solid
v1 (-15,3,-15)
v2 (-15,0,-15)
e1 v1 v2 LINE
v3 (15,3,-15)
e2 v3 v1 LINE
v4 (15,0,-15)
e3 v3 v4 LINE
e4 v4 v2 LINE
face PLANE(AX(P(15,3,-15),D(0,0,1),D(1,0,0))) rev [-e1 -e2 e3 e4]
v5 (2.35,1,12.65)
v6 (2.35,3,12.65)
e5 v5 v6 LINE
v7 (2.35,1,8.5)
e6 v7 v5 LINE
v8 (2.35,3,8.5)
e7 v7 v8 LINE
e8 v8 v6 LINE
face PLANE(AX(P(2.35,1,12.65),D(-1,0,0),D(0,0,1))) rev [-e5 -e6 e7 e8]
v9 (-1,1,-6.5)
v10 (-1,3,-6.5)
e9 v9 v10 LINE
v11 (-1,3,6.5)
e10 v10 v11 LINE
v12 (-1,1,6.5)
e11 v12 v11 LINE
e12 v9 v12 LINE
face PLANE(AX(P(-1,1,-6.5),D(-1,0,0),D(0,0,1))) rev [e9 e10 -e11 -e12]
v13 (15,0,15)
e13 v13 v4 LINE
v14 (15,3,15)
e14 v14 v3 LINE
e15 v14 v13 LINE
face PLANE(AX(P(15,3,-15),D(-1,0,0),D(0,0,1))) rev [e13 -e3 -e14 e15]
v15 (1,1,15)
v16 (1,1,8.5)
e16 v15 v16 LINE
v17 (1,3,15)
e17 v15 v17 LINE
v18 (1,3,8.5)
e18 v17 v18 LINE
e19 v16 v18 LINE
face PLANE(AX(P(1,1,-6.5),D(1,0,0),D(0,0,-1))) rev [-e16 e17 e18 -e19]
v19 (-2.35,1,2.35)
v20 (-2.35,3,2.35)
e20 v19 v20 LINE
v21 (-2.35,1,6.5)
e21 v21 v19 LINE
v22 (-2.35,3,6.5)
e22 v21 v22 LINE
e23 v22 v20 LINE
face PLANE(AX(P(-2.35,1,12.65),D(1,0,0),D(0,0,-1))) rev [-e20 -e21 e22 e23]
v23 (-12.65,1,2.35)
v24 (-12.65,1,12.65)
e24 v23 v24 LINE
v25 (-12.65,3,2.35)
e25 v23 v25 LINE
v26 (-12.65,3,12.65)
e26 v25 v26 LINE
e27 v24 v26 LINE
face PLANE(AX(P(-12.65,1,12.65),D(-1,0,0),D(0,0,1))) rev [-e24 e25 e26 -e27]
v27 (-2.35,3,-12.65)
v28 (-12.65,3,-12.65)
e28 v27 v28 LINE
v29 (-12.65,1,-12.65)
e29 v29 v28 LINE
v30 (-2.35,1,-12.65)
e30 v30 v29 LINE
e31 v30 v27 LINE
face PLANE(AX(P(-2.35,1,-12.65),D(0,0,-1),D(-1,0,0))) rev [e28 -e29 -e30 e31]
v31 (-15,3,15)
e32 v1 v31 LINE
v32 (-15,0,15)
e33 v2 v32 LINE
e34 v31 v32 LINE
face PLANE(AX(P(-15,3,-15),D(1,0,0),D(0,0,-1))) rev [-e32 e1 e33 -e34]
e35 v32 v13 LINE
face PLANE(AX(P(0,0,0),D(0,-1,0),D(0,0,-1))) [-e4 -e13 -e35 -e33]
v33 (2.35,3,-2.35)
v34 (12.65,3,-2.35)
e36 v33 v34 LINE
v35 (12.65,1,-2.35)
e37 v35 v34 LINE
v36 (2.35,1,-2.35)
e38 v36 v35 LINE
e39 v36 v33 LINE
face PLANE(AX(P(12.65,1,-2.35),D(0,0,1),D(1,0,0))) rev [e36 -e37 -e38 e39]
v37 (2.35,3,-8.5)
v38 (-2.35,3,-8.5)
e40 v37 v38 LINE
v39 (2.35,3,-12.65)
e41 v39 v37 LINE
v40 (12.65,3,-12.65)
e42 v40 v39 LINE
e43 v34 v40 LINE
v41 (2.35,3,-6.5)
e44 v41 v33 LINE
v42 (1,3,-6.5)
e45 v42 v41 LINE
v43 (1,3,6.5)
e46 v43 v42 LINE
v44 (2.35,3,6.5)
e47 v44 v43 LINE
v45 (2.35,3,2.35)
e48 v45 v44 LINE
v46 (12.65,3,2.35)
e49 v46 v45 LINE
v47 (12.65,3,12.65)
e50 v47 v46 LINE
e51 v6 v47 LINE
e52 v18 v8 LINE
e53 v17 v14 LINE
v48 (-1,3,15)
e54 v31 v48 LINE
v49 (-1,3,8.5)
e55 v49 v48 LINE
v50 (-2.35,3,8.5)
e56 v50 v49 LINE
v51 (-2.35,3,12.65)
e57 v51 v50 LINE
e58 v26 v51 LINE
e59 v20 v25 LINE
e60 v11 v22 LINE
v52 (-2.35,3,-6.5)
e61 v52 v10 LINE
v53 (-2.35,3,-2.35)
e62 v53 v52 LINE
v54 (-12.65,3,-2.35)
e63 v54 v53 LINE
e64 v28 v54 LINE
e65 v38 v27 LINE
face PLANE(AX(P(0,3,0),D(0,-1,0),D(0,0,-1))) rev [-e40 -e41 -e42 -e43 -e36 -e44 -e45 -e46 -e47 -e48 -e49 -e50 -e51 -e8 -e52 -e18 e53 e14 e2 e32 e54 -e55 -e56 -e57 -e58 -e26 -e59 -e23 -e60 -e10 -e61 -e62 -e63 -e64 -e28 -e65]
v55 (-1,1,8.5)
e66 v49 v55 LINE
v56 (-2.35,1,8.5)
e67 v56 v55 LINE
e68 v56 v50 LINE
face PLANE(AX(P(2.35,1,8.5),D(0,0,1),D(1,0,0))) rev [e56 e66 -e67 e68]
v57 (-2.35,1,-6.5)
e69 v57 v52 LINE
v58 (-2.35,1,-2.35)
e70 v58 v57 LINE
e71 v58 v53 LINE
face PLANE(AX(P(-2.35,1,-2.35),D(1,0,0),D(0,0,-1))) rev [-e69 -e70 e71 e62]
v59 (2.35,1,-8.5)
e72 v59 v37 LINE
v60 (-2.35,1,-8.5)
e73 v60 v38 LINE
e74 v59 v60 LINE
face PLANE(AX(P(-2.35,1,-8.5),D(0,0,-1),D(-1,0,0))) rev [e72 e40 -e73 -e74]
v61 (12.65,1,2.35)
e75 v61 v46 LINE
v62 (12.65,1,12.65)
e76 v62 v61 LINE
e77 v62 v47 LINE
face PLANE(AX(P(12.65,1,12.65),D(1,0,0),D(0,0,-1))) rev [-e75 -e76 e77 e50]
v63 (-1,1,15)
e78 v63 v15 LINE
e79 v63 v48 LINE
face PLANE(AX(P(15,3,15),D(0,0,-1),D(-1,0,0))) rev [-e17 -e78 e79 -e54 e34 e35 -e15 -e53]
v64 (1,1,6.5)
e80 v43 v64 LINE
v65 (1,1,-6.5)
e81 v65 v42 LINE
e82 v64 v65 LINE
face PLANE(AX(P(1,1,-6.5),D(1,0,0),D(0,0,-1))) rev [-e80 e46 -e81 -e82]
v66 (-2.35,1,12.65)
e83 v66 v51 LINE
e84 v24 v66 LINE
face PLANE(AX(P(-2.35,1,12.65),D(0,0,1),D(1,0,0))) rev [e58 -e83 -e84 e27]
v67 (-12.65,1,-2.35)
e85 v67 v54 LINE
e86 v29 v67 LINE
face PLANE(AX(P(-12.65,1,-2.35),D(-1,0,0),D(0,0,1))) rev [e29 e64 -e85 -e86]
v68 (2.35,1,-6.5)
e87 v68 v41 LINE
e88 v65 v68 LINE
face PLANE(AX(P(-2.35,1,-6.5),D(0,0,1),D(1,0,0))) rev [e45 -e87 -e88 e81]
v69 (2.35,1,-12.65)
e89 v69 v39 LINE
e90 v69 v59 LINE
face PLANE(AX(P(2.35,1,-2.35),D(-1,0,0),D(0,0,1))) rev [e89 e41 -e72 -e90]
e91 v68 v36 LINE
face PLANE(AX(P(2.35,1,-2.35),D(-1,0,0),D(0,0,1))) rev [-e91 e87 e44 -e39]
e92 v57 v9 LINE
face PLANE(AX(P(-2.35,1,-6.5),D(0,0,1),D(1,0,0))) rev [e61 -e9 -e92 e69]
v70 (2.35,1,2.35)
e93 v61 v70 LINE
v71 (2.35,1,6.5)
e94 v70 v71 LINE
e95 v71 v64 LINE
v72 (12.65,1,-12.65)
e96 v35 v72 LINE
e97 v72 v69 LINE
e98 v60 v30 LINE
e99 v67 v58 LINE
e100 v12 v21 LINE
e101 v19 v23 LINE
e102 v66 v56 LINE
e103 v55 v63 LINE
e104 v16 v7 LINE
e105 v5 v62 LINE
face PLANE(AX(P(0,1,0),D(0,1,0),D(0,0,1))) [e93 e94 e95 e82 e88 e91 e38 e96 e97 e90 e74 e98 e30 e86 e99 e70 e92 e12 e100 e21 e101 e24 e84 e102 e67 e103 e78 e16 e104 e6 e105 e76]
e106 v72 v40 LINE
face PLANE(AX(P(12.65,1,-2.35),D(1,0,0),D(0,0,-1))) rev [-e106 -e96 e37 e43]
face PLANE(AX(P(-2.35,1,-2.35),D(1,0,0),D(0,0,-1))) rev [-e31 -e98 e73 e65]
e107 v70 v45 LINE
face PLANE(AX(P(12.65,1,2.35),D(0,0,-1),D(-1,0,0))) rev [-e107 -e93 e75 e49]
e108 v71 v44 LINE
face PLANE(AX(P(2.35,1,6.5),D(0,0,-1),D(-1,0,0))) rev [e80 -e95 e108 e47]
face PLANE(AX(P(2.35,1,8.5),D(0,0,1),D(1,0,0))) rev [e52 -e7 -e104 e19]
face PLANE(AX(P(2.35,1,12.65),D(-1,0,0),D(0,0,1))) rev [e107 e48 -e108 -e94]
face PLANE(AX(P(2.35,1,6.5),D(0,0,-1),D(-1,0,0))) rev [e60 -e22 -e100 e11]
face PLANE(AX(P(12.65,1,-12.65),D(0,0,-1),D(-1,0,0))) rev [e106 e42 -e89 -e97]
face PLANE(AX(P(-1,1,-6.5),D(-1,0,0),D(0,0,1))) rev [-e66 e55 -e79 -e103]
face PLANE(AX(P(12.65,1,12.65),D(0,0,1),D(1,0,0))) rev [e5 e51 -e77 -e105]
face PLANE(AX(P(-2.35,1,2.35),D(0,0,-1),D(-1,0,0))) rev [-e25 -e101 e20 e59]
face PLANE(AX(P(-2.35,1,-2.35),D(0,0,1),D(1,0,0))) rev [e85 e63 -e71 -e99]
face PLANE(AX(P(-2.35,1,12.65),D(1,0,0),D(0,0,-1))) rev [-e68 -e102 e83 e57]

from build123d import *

# Parameters (mm, degrees)
BOTTOMSKETCH_W               = 30
BOTTOMSKETCH_H               = 30
BOTTOMEXTRUSION_DEPTH        = 3
HOLESKETCH_W                 = 10.3
HOLESKETCH_H                 = 10.3
HOLEEXTRUSION_DEPTH          = 2
LATERALWIRESKETCH_W          = 4.7
LATERALWIRESKETCH_H          = 2
LATERALWIREEXTRUSION_DEPTH   = 2
WIRERESEVOIRSKETCH_W         = 2
WIRERESEVOIRSKETCH_H         = 21.5
WIRERESERVOIREXTRUSION_DEPTH = 2


with BuildPart() as part:
    # bottomSketch → bottomExtrusion (new body)
    with BuildSketch(Plane(origin=(0, 0, 0), x_dir=(1, 0, 0), z_dir=(0, 1, 0))):
        Rectangle(BOTTOMSKETCH_W, BOTTOMSKETCH_H)
    extrude(amount=BOTTOMEXTRUSION_DEPTH)

    # holeSketch → holeExtrusion (cut)
    with BuildSketch(Plane(origin=(0, 3, 0), x_dir=(1, 0, 0), z_dir=(0, 1, 0))):
        with Locations((-7.5, 7.5)):
            Rectangle(HOLESKETCH_W, HOLESKETCH_H)
        with Locations((-7.5, -7.5)):
            Rectangle(HOLESKETCH_W, HOLESKETCH_H)
        with Locations((7.5, 7.5)):
            Rectangle(HOLESKETCH_W, HOLESKETCH_H)
        with Locations((7.5, -7.5)):
            Rectangle(HOLESKETCH_W, HOLESKETCH_H)
    extrude(amount=-HOLEEXTRUSION_DEPTH, mode=Mode.SUBTRACT)

    # lateralWireSketch → lateralWireExtrusion (cut)
    with BuildSketch(Plane(origin=(0, 3, 0), x_dir=(1, 0, 0), z_dir=(0, 1, 0))):
        with Locations((0, -7.5)):
            Rectangle(LATERALWIRESKETCH_W, LATERALWIRESKETCH_H)
        with Locations((0, 7.5)):
            Rectangle(LATERALWIRESKETCH_W, LATERALWIRESKETCH_H)
    extrude(amount=-LATERALWIREEXTRUSION_DEPTH, mode=Mode.SUBTRACT)

    # wireResevoirSketch → wireReservoirExtrusion (cut)
    with BuildSketch(Plane(origin=(0, 3, 0), x_dir=(1, 0, 0), z_dir=(0, 1, 0))):
        with Locations((0, -4.25)):
            Rectangle(WIRERESEVOIRSKETCH_W, WIRERESEVOIRSKETCH_H)
    extrude(amount=-WIRERESERVOIREXTRUSION_DEPTH, mode=Mode.SUBTRACT)


solid = part.part
